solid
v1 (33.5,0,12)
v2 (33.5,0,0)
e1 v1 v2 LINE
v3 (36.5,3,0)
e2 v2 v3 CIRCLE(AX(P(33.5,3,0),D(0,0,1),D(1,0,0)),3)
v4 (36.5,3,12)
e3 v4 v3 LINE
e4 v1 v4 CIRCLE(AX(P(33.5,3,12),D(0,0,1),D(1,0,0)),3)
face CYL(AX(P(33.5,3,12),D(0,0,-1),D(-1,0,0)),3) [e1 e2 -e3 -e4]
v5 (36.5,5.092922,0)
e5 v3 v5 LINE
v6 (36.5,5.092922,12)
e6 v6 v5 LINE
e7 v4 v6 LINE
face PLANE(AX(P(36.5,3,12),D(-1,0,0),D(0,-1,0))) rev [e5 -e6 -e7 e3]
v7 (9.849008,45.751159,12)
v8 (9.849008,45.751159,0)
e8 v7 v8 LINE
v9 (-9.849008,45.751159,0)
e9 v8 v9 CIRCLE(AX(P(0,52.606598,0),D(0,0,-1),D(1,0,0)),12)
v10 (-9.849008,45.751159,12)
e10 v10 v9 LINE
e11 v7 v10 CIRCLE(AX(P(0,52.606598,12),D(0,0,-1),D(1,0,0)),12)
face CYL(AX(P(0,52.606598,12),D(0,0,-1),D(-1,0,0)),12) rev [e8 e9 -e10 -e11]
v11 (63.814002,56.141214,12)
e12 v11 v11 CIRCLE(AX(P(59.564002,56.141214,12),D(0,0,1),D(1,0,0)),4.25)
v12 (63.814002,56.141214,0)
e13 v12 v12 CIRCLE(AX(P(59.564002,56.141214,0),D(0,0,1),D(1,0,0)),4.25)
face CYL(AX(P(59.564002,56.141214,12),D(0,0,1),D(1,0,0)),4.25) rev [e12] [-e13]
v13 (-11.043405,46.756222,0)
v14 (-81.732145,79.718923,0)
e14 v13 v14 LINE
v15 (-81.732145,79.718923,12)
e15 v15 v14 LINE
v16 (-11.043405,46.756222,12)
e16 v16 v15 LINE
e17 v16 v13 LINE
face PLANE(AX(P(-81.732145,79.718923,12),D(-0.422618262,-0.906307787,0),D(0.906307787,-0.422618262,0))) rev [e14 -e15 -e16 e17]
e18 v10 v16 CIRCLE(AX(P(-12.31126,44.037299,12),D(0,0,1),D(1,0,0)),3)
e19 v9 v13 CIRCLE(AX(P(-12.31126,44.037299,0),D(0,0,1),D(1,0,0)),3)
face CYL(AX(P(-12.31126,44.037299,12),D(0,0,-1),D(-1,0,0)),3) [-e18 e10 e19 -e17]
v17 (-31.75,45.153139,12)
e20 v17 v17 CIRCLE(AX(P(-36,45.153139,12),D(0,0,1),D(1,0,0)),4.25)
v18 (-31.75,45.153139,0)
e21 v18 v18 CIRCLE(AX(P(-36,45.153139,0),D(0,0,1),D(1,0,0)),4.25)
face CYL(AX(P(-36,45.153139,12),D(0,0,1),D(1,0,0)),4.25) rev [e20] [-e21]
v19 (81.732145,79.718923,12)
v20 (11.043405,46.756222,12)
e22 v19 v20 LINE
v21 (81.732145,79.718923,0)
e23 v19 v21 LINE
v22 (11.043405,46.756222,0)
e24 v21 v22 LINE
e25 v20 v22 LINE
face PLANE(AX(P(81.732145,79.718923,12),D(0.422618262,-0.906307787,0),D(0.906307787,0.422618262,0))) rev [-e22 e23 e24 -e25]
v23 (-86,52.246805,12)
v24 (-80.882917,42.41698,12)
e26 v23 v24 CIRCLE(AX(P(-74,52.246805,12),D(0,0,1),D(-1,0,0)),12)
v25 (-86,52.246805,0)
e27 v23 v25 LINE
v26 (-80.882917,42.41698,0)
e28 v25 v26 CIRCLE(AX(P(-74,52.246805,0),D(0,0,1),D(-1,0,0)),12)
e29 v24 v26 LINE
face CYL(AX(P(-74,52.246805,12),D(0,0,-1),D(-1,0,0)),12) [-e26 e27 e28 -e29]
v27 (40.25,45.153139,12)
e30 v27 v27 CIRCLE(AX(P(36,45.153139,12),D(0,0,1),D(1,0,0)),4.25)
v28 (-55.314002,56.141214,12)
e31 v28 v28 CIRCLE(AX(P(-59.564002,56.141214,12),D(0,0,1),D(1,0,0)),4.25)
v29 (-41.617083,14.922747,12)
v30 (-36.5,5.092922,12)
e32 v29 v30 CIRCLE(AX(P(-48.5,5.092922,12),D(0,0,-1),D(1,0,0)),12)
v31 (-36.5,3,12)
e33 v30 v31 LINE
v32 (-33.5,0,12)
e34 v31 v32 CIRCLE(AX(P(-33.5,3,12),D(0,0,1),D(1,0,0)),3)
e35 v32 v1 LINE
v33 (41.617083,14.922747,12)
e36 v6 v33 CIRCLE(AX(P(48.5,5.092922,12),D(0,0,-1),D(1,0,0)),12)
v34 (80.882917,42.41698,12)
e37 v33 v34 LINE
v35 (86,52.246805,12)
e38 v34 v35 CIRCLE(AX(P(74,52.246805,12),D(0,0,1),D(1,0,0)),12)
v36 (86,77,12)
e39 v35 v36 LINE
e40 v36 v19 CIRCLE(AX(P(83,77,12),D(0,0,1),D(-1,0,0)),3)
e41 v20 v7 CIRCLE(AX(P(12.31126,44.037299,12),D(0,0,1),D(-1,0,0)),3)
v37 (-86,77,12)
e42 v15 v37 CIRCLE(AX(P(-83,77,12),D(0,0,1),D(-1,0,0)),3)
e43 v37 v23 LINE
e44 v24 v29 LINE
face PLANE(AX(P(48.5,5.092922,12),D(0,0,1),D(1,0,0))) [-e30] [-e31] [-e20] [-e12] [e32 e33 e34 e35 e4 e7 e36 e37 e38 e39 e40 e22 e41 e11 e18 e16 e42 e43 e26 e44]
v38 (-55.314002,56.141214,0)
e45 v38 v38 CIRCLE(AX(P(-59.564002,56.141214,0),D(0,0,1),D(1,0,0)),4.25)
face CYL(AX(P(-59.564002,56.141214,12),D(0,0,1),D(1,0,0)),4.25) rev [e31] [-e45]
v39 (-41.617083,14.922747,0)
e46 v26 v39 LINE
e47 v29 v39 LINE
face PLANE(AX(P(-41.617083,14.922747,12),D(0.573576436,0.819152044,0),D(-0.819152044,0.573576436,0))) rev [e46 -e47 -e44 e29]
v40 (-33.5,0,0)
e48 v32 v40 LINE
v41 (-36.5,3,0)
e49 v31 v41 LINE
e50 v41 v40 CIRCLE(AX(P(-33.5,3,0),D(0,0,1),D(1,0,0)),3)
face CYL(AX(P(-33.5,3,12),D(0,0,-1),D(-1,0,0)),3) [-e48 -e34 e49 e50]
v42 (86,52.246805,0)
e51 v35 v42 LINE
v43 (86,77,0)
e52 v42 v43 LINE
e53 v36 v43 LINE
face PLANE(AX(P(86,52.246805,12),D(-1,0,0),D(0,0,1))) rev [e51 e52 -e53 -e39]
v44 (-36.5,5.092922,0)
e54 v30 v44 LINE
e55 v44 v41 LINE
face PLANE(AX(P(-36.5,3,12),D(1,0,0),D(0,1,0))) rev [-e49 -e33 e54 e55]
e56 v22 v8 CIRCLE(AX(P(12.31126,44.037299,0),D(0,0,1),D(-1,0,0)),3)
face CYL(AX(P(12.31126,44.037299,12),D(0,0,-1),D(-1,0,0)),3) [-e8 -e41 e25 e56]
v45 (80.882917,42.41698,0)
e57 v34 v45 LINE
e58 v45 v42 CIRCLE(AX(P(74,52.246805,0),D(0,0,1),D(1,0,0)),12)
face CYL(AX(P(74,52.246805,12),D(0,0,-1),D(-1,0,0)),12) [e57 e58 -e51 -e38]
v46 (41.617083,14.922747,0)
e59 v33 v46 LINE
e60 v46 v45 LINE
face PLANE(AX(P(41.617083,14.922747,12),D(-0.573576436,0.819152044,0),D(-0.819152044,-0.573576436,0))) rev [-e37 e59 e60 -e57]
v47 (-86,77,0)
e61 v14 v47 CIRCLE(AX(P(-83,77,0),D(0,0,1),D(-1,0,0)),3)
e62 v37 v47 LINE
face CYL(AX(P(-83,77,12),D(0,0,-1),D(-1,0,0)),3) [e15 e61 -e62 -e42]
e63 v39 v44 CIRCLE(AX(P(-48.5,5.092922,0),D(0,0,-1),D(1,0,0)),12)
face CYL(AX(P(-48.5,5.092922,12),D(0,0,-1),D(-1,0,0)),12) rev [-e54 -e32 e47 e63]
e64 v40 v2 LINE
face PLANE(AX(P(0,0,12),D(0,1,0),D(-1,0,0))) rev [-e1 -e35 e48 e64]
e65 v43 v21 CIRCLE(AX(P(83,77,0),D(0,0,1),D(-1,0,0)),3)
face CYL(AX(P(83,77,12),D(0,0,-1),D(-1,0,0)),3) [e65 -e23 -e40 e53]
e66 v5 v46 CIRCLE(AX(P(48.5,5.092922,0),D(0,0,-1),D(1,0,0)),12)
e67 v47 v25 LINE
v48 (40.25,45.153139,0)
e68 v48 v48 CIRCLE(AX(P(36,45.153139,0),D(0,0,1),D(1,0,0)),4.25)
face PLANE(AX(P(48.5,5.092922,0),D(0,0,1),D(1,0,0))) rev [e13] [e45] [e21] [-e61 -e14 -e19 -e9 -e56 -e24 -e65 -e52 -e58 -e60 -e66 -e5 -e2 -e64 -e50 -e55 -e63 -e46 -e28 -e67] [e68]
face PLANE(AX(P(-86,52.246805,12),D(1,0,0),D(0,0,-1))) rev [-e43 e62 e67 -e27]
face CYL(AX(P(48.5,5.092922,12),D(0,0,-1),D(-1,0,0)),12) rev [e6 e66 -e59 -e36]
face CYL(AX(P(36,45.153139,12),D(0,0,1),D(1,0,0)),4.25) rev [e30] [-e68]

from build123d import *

# Parameters (mm, degrees)
EXTRUDE1_DEPTH         = 12
M10_GEVINDHULLER_D     = 8.5
M10_GEVINDHULLER_DEPTH = 22
M10_GEVINDHULLER_TIP   = 2.553657631


with BuildPart() as part:
    # Sketch1 → Extrude1 (new body)
    with BuildSketch(Plane.XY):
        with BuildLine():
            Line((36.5, 3), (36.5, 5.092922252))
            ThreePointArc((36.5, 5.092922252), (37.855870002, 10.633905611), (41.617082764, 14.922746783))
            Line((41.617082764, 14.922746783), (80.882917236, 42.416980075))
            ThreePointArc((80.882917236, 42.416980075), (84.644129998, 46.705821248), (86, 52.246804607))
            Line((86, 52.246804607), (86, 77))
            ThreePointArc((86, 77), (84.611898825, 79.530174337), (81.732145215, 79.718923361))
            Line((81.732145215, 79.718923361), (11.04340479, 46.756222356))
            ThreePointArc((11.04340479, 46.756222356), (10.379689702, 46.332737476), (9.84900766, 45.751158822))
            ThreePointArc((9.84900766, 45.751158822), (0, 40.60659813), (-9.84900766, 45.751158822))
            ThreePointArc((-9.84900766, 45.751158822), (-10.379689702, 46.332737476), (-11.04340479, 46.756222356))
            Line((-11.04340479, 46.756222356), (-81.732145215, 79.718923361))
            ThreePointArc((-81.732145215, 79.718923361), (-84.611898825, 79.530174337), (-86, 77))
            Line((-86, 77), (-86, 52.246804607))
            ThreePointArc((-86, 52.246804607), (-84.644129998, 46.705821248), (-80.882917236, 42.416980075))
            Line((-80.882917236, 42.416980075), (-41.617082764, 14.922746783))
            ThreePointArc((-41.617082764, 14.922746783), (-37.855870002, 10.633905611), (-36.5, 5.092922252))
            Line((-36.5, 5.092922252), (-36.5, 3))
            ThreePointArc((-36.5, 3), (-35.621320344, 0.878679656), (-33.5, 0))
            Line((-33.5, 0), (0, 0))
            Line((0, 0), (33.5, 0))
            ThreePointArc((33.5, 0), (35.621320344, 0.878679656), (36.5, 3))
        make_face()
    extrude(amount=EXTRUDE1_DEPTH)

    # M10 gevindhuller
    with Locations(Plane.XY.offset(12)):
        with Locations((-59.564002463, 56.141213601), (-36, 45.153138796), (59.564002463, 56.141213601), (36, 45.153138796)):
            Hole(M10_GEVINDHULLER_D / 2, depth=M10_GEVINDHULLER_DEPTH)
            with Locations((0, 0, -(M10_GEVINDHULLER_DEPTH + M10_GEVINDHULLER_TIP / 2))):  # 118° drill point
                Cone(0, M10_GEVINDHULLER_D / 2, M10_GEVINDHULLER_TIP, mode=Mode.SUBTRACT)


solid = part.part
